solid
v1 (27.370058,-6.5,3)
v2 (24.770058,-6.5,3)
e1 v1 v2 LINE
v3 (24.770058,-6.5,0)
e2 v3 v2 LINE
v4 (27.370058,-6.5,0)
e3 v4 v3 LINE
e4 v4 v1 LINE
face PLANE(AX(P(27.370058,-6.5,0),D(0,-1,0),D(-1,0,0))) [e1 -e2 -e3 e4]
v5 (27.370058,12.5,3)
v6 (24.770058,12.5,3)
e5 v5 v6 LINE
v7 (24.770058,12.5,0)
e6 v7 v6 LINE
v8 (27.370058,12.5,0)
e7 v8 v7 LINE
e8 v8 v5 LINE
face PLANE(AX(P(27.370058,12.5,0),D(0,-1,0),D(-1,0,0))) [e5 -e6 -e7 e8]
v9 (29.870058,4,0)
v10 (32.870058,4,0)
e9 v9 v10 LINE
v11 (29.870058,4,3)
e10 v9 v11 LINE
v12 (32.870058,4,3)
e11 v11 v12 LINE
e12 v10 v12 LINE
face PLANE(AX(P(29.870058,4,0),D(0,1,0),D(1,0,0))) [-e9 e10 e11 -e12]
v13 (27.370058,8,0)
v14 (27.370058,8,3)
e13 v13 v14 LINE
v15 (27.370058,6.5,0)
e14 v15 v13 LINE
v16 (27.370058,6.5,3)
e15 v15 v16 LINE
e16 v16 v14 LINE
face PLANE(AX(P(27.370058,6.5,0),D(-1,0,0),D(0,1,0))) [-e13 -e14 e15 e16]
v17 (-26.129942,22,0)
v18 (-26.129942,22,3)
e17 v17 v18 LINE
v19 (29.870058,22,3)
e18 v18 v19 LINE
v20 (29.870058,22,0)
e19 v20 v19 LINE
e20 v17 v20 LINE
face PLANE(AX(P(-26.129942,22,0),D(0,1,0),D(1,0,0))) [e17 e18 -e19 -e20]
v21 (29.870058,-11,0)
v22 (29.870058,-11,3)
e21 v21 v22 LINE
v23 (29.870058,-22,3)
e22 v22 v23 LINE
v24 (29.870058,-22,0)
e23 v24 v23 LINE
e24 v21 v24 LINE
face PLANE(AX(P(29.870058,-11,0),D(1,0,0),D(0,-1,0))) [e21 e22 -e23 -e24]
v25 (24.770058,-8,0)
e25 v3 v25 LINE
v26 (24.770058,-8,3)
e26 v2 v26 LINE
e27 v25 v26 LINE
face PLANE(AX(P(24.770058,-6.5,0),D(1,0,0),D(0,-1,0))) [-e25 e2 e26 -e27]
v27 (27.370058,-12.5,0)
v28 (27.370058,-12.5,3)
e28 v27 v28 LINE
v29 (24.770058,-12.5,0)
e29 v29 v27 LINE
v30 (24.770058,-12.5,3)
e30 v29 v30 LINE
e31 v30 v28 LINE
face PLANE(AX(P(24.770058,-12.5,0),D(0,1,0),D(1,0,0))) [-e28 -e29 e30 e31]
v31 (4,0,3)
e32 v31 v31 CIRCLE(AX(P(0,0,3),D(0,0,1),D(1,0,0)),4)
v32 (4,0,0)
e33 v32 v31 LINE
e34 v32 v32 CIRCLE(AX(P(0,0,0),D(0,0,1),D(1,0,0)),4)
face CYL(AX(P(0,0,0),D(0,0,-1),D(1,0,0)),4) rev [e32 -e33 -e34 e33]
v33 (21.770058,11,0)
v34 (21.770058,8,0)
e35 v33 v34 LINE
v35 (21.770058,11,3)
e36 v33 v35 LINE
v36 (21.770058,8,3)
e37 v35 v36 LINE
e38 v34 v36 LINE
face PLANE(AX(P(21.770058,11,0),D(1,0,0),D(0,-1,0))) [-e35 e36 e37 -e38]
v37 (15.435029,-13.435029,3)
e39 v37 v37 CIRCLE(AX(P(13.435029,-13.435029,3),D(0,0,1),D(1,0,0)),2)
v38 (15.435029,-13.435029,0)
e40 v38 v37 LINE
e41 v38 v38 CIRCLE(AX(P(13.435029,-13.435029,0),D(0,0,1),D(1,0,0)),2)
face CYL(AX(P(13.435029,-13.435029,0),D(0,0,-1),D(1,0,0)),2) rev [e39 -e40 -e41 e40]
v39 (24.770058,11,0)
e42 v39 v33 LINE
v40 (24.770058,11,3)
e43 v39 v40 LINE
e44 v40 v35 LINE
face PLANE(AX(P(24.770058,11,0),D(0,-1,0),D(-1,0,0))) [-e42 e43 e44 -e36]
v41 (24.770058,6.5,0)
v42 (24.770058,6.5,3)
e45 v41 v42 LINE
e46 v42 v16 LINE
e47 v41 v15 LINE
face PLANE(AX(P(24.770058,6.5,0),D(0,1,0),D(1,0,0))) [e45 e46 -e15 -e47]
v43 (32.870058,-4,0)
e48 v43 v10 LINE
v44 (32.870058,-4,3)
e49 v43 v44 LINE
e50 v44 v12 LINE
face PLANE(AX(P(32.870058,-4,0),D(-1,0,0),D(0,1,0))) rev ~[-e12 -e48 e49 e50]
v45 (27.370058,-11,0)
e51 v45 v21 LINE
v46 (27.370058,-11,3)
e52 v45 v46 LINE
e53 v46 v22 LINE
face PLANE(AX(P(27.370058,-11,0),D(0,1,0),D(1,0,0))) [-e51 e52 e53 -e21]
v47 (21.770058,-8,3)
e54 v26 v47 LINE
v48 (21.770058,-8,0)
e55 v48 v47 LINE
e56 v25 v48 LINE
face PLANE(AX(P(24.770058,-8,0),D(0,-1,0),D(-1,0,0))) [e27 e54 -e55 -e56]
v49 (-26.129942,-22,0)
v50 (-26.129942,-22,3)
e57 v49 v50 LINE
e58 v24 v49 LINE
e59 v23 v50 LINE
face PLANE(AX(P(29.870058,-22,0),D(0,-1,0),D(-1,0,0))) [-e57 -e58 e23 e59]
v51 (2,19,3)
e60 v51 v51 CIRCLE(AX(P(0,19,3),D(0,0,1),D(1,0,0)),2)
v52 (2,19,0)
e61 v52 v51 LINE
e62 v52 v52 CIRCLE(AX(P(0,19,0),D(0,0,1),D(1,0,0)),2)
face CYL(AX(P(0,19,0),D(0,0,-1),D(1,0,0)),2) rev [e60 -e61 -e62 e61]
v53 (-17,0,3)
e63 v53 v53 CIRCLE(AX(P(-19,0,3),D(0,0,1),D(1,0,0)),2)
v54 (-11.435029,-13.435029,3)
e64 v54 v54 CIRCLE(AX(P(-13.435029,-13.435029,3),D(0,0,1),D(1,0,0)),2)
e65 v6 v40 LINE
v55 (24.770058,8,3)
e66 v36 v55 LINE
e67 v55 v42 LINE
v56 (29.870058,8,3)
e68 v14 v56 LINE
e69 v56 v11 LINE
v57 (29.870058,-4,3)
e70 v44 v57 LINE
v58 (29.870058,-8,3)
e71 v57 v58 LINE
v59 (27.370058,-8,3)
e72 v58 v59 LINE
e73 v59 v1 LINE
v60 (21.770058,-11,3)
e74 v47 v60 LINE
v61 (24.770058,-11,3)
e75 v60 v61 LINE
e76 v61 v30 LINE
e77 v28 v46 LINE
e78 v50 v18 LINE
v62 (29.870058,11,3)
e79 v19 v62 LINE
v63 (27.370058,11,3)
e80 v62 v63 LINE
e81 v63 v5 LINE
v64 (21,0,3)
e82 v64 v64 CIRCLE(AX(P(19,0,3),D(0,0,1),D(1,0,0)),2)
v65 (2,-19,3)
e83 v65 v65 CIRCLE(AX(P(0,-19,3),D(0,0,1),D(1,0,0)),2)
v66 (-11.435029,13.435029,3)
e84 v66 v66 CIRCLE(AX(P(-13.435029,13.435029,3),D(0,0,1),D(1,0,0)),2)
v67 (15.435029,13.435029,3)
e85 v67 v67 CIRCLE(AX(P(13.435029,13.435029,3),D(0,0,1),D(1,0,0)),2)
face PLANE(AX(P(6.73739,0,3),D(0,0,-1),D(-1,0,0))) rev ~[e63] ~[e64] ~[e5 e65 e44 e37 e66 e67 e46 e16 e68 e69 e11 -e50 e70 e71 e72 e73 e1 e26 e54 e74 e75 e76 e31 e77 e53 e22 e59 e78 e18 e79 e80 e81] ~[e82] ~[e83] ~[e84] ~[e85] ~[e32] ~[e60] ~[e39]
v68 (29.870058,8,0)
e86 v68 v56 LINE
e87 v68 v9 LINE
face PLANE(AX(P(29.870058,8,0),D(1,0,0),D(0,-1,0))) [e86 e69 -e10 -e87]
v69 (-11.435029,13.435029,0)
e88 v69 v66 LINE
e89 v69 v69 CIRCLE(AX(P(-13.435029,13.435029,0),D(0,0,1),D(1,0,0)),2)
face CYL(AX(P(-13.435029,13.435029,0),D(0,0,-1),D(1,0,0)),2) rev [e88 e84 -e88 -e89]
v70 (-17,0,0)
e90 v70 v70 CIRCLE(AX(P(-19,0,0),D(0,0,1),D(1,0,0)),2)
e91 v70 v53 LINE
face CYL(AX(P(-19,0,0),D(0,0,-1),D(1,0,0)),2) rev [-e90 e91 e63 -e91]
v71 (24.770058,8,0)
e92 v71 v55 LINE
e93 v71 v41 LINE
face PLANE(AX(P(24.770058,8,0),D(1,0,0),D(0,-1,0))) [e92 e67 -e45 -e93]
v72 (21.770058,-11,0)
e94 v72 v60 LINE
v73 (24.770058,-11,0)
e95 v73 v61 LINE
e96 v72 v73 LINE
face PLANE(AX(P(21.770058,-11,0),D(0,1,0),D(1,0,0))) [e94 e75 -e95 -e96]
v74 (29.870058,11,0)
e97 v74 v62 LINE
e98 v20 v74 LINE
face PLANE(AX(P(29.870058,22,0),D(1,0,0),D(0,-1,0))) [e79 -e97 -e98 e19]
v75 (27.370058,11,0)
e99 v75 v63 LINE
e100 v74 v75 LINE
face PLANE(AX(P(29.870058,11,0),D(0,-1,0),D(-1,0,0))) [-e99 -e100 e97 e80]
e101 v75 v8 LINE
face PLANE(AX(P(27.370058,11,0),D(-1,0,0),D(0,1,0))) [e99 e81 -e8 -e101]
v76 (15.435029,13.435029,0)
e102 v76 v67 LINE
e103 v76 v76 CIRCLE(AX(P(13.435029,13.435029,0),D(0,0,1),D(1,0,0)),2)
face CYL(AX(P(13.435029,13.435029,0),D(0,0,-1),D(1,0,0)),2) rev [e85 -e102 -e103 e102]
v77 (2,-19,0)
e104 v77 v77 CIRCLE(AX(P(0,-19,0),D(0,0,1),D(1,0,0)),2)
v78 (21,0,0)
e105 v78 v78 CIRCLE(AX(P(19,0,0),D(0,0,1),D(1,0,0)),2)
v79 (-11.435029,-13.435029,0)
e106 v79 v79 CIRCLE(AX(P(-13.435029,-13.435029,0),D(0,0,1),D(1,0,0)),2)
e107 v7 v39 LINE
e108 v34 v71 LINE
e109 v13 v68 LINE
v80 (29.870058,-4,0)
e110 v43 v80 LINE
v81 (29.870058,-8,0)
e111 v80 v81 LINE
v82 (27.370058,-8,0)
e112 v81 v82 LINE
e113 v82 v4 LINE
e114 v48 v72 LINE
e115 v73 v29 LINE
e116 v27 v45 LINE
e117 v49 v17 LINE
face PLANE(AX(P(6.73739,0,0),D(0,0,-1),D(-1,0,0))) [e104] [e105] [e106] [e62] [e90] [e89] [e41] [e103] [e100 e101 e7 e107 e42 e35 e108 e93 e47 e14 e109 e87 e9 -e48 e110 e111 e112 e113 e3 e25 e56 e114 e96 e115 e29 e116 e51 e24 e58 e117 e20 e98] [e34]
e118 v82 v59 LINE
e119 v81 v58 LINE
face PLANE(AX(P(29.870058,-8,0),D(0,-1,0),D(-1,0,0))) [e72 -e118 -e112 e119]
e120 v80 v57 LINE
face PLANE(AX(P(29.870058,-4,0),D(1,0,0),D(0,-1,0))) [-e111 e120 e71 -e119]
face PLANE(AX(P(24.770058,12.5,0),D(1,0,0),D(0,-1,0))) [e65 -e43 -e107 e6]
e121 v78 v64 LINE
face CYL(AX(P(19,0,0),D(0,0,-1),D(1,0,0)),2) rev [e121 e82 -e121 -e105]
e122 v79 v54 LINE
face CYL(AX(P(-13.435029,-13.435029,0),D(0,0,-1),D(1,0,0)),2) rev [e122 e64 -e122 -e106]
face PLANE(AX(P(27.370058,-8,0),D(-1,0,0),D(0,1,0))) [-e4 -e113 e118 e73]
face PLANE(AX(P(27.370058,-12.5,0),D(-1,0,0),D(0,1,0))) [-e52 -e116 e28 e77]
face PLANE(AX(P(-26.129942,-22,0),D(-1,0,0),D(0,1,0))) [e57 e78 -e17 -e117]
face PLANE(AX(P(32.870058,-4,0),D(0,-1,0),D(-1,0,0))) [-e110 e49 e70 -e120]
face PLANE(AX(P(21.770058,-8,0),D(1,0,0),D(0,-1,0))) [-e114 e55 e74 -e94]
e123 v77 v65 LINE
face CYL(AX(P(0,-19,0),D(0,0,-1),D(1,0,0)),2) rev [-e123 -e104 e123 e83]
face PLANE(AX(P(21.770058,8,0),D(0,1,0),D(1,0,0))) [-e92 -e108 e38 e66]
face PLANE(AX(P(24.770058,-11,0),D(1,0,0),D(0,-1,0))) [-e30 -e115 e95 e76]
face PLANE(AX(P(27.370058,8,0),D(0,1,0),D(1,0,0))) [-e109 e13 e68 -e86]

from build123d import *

# Parameters (mm, degrees)
SKETCH_1_R      = 4
SKETCH_1_R_2    = 2
EXTRUDE_1_DEPTH = 3


with BuildPart() as part:
    # 草图1 → 凸台-拉伸1 (new body)
    with BuildSketch(Plane.XY):
        Polygon((27.370057685, 11), (27.370057685, 12.5), (24.770057685, 12.5), (24.770057685, 11), (21.770057685, 11), (21.770057685, 8), (24.770057685, 8), (24.770057685, 6.5), (27.370057685, 6.5), (27.370057685, 8), (29.870057685, 8), (29.870057685, 4), (32.870057685, 4), (32.870057685, 0), (32.870057685, -4), (29.870057685, -4), (29.870057685, -8), (27.370057685, -8), (27.370057685, -6.5), (24.770057685, -6.5), (24.770057685, -8), (21.770057685, -8), (21.770057685, -11), (24.770057685, -11), (24.770057685, -12.5), (27.370057685, -12.5), (27.370057685, -11), (29.870057685, -11), (29.870057685, -22), (-26.129942315, -22), (-26.129942315, 22), (29.870057685, 22), (29.870057685, 11), align=None)
        Circle(SKETCH_1_R, mode=Mode.SUBTRACT)
        with Locations((0, -19)):
            Circle(SKETCH_1_R_2, mode=Mode.SUBTRACT)
        with Locations((-13.435028843, -13.435028843)):
            Circle(SKETCH_1_R_2, mode=Mode.SUBTRACT)
        with Locations((-19, 0)):
            Circle(SKETCH_1_R_2, mode=Mode.SUBTRACT)
        with Locations((-13.435028843, 13.435028843)):
            Circle(SKETCH_1_R_2, mode=Mode.SUBTRACT)
        with Locations((0, 19)):
            Circle(SKETCH_1_R_2, mode=Mode.SUBTRACT)
        with Locations((13.435028843, 13.435028843)):
            Circle(SKETCH_1_R_2, mode=Mode.SUBTRACT)
        with Locations((19, 0)):
            Circle(SKETCH_1_R_2, mode=Mode.SUBTRACT)
        with Locations((13.435028843, -13.435028843)):
            Circle(SKETCH_1_R_2, mode=Mode.SUBTRACT)
    extrude(amount=EXTRUDE_1_DEPTH)


solid = part.part
